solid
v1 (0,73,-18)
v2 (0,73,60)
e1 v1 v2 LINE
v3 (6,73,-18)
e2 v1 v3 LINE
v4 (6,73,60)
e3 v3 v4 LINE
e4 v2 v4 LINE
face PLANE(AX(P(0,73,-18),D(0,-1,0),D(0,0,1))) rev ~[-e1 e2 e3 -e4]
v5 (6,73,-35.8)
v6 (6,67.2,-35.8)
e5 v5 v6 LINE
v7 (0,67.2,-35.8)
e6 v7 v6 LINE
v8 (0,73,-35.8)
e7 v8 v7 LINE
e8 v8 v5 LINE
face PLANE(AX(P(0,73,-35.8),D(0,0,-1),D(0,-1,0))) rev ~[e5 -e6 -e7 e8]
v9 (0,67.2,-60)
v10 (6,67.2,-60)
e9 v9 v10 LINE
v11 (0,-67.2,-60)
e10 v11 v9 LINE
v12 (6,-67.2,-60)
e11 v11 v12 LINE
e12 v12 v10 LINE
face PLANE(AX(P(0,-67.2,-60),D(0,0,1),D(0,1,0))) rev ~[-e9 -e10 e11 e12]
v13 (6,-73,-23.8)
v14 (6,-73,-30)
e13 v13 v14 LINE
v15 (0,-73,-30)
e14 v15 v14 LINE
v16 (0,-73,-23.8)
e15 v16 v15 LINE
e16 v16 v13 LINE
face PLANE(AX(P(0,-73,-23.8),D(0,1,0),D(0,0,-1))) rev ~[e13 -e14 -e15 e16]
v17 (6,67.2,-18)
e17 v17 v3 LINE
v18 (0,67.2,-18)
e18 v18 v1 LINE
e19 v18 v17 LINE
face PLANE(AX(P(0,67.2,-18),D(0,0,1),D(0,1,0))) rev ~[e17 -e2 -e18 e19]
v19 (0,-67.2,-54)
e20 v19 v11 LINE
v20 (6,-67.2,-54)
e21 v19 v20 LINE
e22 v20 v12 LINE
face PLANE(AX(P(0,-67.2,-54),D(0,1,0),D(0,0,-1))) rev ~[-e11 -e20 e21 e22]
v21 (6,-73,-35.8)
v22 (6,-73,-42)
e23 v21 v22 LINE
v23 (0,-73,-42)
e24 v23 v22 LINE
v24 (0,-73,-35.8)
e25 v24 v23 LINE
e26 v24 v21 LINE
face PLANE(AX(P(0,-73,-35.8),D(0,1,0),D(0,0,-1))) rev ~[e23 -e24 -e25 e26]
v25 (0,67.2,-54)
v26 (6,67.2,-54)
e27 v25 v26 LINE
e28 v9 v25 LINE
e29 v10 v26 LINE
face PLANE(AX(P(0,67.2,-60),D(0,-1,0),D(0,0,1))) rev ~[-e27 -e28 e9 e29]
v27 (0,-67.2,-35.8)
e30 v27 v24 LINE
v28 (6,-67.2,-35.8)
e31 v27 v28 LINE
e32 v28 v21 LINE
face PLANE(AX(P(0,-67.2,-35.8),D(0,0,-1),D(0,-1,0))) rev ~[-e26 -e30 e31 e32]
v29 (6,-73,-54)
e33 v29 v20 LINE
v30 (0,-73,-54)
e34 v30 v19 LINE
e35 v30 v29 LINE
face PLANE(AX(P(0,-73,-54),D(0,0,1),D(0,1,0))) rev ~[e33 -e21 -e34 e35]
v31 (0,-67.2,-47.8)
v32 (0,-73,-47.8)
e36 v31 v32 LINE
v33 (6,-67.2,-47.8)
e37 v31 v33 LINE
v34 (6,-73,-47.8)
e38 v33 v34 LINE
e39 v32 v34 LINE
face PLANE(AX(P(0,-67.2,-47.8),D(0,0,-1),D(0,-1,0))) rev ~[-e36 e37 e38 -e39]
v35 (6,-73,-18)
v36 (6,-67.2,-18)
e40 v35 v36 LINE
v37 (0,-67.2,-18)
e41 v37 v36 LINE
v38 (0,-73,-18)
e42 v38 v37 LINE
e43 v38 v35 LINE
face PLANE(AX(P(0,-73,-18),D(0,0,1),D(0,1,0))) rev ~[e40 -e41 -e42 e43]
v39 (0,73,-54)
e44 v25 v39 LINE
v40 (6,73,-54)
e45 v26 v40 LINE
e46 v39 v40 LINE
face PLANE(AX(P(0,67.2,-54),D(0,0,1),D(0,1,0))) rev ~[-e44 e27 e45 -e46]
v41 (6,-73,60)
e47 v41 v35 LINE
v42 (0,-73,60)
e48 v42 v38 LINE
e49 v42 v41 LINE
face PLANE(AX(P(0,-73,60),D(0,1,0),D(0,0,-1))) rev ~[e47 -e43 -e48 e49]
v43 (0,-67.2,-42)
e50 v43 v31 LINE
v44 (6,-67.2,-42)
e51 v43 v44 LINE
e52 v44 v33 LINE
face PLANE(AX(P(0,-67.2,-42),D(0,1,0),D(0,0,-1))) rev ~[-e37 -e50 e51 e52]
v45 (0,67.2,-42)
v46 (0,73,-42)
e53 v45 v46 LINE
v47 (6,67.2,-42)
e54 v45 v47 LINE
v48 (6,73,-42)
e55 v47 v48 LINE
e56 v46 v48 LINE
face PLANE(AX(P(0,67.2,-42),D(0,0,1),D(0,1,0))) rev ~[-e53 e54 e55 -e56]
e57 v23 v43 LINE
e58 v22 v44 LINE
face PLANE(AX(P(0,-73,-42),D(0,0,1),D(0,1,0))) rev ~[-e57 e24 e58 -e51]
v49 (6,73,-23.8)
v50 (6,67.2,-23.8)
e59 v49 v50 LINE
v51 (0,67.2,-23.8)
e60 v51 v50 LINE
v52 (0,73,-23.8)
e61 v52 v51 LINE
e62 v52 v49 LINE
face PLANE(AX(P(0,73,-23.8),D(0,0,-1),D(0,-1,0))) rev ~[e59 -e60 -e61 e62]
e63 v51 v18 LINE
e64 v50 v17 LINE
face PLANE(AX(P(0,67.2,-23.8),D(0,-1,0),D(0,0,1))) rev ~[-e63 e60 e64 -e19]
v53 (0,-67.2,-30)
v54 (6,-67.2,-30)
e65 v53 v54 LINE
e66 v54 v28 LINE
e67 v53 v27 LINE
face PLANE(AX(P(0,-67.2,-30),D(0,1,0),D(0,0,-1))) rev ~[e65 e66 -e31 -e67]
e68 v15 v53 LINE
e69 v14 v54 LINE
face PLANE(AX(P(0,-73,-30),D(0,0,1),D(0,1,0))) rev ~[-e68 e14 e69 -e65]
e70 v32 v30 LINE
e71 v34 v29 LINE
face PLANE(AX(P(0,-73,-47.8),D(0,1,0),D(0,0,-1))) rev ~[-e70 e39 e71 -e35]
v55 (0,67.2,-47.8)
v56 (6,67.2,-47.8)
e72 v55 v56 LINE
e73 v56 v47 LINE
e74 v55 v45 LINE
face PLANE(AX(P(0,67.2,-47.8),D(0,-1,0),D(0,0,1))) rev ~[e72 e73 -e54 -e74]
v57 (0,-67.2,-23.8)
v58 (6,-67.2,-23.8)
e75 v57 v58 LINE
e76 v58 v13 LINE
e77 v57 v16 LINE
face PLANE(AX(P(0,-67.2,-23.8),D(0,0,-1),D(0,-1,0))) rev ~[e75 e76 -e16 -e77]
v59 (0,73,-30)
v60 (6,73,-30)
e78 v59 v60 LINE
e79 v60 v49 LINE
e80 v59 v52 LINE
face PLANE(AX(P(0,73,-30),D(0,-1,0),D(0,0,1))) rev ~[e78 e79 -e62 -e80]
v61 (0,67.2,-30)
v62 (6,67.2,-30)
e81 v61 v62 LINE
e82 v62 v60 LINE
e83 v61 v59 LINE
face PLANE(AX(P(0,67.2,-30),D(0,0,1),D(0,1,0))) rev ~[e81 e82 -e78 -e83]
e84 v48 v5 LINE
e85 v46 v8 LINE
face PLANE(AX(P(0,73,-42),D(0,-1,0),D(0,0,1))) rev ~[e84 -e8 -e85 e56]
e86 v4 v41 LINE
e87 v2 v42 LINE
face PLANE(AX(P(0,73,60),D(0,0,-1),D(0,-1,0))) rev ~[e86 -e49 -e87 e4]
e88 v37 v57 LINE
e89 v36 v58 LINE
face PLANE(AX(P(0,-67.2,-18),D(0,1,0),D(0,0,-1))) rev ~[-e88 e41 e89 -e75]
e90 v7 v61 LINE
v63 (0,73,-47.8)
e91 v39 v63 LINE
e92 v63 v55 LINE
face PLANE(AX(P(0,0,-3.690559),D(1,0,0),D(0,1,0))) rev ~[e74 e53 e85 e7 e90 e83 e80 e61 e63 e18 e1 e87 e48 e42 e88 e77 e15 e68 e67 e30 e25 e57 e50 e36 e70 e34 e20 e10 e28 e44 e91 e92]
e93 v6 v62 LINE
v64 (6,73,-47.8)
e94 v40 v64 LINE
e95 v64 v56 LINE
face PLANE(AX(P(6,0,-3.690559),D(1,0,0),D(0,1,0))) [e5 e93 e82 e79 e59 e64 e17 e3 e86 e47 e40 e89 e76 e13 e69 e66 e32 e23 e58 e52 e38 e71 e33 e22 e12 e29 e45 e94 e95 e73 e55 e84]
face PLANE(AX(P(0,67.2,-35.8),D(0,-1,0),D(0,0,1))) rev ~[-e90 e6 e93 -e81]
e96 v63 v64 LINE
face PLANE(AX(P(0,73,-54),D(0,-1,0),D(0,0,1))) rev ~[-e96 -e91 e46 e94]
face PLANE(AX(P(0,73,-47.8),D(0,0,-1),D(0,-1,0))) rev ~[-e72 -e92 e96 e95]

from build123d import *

# Parameters (mm, degrees)
F1_DEPTH = 6


with BuildPart() as f1:
    # F0 (on Right) → F1 (new body)
    with BuildSketch(Plane.YZ):
        Polygon((-67.2, -60), (67.2, -60), (67.2, -54), (73, -54), (73, -47.8), (67.2, -47.8), (67.2, -42), (73, -42), (73, -35.8), (67.2, -35.8), (67.2, -30), (73, -30), (73, -23.8), (67.2, -23.8), (67.2, -18), (73, -18), (73, 60), (-73, 60), (-73, -18), (-67.2, -18), (-67.2, -23.8), (-73, -23.8), (-73, -30), (-67.2, -30), (-67.2, -35.8), (-73, -35.8), (-73, -42), (-67.2, -42), (-67.2, -47.8), (-73, -47.8), (-73, -54), (-67.2, -54), align=None)
    extrude(amount=F1_DEPTH)


solid = f1.part
